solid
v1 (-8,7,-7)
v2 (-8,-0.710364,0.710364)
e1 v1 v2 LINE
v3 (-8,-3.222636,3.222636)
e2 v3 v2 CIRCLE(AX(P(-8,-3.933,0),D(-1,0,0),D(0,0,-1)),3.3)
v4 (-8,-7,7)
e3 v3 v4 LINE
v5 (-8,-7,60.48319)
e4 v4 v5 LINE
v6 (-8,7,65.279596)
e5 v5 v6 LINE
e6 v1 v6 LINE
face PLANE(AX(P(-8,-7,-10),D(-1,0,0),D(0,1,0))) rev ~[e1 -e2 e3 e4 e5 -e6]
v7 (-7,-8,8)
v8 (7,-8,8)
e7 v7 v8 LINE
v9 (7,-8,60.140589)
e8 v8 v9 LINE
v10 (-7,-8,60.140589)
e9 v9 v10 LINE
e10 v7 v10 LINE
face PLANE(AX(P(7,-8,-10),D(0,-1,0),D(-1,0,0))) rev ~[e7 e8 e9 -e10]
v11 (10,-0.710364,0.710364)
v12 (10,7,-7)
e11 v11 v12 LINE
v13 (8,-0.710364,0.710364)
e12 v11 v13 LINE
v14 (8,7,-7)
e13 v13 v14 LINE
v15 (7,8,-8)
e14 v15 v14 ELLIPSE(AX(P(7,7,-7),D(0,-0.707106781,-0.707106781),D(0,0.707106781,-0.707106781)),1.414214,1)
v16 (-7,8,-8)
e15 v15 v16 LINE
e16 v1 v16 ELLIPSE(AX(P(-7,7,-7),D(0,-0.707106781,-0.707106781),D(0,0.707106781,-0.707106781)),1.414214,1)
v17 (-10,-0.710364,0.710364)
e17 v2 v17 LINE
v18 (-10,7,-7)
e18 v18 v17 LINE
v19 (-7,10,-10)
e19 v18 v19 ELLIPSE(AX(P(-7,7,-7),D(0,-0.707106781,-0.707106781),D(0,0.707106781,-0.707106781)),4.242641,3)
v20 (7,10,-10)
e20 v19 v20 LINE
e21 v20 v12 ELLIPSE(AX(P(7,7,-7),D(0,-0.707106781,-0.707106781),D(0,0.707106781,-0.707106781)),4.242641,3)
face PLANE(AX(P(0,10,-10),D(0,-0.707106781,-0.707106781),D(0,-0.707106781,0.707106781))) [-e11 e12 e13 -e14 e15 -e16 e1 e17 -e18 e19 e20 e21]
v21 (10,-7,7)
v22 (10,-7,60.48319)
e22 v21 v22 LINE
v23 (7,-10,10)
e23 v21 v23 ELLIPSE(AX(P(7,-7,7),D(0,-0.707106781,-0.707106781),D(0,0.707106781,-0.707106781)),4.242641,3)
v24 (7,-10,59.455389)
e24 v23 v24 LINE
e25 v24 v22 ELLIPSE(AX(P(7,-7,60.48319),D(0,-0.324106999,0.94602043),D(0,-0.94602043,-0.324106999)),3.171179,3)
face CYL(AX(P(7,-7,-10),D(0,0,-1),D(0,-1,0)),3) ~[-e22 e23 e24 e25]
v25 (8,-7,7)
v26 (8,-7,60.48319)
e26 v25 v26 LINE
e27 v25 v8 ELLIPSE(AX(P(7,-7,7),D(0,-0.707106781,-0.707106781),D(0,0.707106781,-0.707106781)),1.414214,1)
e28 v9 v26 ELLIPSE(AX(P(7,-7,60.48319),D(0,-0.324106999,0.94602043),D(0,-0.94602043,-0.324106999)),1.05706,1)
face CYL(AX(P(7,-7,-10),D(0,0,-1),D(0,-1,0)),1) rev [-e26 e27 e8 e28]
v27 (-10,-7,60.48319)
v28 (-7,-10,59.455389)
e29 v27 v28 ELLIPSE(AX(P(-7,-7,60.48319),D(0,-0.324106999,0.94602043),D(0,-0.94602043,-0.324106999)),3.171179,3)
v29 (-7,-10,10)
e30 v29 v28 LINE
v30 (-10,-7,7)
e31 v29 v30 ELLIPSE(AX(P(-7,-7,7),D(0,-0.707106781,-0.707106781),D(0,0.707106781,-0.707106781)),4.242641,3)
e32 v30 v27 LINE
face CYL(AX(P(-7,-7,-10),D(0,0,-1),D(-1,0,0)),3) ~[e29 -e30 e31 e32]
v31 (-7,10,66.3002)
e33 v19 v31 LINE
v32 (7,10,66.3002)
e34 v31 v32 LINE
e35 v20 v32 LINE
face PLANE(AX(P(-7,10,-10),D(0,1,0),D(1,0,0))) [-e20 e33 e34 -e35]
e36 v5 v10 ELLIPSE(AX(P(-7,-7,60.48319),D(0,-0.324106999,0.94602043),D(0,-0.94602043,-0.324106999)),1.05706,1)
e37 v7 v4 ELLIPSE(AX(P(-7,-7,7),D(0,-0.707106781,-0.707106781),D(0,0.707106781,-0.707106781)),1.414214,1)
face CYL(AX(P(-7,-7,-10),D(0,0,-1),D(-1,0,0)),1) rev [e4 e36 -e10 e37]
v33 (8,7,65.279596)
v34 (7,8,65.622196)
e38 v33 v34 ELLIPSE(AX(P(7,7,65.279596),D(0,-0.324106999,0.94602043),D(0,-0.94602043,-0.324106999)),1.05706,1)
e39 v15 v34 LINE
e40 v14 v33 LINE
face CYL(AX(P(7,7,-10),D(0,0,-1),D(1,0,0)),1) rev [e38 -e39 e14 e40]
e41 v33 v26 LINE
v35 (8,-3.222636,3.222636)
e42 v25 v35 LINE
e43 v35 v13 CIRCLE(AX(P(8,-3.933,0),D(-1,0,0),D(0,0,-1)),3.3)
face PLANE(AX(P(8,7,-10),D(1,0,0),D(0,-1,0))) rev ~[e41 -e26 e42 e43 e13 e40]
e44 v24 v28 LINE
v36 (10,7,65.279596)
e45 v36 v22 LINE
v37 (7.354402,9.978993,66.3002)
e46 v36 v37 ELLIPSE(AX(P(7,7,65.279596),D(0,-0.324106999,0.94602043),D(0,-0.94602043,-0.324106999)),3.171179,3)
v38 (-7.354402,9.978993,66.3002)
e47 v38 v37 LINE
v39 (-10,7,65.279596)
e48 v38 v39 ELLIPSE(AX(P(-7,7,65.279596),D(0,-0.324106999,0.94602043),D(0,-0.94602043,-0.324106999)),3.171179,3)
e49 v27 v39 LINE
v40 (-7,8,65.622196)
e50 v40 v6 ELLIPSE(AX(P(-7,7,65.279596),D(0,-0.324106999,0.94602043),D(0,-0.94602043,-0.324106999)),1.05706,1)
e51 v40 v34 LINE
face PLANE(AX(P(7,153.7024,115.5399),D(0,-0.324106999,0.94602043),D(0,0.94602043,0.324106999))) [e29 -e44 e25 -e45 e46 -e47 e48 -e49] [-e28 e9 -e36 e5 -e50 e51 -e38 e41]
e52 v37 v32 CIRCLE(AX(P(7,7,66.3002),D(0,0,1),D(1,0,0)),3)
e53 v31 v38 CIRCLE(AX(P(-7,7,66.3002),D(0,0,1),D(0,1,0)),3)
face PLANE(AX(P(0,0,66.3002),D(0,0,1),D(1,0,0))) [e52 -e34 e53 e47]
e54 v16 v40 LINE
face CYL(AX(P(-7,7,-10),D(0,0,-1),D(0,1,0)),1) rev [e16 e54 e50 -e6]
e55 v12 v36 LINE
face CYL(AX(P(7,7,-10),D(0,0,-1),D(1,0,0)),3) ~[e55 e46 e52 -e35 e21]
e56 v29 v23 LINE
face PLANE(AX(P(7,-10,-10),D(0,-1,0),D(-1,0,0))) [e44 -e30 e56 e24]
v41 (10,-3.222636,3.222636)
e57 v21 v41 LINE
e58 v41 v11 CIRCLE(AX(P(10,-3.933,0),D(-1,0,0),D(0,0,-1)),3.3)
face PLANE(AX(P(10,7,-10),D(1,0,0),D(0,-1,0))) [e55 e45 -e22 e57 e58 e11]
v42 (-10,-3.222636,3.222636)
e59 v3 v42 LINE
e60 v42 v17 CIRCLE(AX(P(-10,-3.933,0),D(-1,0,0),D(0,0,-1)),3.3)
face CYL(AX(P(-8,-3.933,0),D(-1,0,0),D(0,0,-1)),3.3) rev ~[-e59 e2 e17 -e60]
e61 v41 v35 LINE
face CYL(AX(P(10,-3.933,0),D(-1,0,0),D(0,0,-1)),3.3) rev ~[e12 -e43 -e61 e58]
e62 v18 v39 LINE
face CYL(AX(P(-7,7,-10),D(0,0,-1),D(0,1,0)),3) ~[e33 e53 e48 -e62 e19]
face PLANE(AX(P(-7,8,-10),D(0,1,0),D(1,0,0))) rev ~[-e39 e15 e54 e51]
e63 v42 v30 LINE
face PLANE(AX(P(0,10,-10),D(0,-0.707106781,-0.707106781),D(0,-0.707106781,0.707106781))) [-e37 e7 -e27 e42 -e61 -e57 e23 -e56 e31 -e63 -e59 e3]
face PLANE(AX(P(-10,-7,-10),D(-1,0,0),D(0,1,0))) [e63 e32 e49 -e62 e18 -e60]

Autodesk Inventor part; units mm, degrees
ref_plane "Start Plane" through (0, 0, -10) normal (0, 0, 1) x (1, 0, 0)
ref_plane "End Plane" through (0, 0, 66.3002) normal (0, 0, 1) x (1, 0, 0)
sketch "Sketch" plane through (0, 0, 0) normal (0, 0, 1) x (1, 0, 0)
  line L0 (-10, -7) -> (-10, 7)
  line L1 (-7, 10) -> (7, 10)
  line L2 (10, 7) -> (10, -7)
  line L3 (7, -10) -> (-7, -10)
  arc A0 (-10, -7) -> (-7, -10) centre (-7, -7) ccw
  arc A1 (-7, 10) -> (-10, 7) centre (-7, 7) ccw
  arc A2 (10, 7) -> (7, 10) centre (7, 7) ccw
  arc A3 (7, -10) -> (10, -7) centre (7, -7) ccw
  arc A4 (-7, 8) -> (-8, 7) centre (-7, 7) ccw
  line L4 (-7, 8) -> (7, 8)
  arc A5 (8, 7) -> (7, 8) centre (7, 7) ccw
  line L5 (8, 7) -> (8, -7)
  arc A6 (7, -8) -> (8, -7) centre (7, -7) ccw
  line L6 (7, -8) -> (-7, -8)
  arc A7 (-8, -7) -> (-7, -8) centre (-7, -7) ccw
  line L7 (-8, -7) -> (-8, 7)
  line L8 (0, 14.8698) -> (0, -14.8698) construction
  line L9 (-14.8698, 0) -> (14.8698, 0) construction
  dimension "d7" = 3
  dimension "d10" = 20
  dimension "d11" = 20
  dimension "d12" = 2
  dimension "d15" = 10
  dimension "d16" = 10
extrude "Body" add sketch "Sketch" along normal up to surface (76.3002 mm away) from surface at -10
sketch "Sketch3" plane through (0, 0, 0) normal (0, 0, 1) x (1, 0, 0)
  line L0 (0, 0) -> (10, 0)
ref_plane "Work Plane3" through (0, 0, 0) normal (0, -1, 0) x (1, 0, 0)
sketch "Sketch4" plane through (0, 0, 0) normal (0, -1, 0) x (1, 0, 0)
  line L0 (-2, -10) -> (12, -10)
  line L1 (-2, 66.3002) -> (12, 66.3002)
  dimension "d18" = 76.3002
ref_plane "Work Plane4" through (7, 153.7024, 115.5399) normal (0, -0.3241, 0.946) x (1, 0, 0)
split "Split1" plane through (7, 153.7024, 115.5399) removes the side toward (0, -0.3241, 0.946)
ref_plane "Work Plane6" through (0, 10, -10) normal (0, -0.7071, -0.7071) x (1, 0, 0)
split "Split3" plane through (0, 10, -10) removes the side toward (0, -0.7071, -0.7071)
sketch "Sketch6" plane through (10, 7, 65.2722) normal (1, 0, 0) x (0, 0, -1)
  point P0 (65.2722, -10.933)
hole "Hole2" at (10, -3.933, 0) direction (-1, 0, 0) diameter 6.6 depth 2
sketch "Sketch7" plane through (-8, 7, 65.2722) normal (1, 0, 0) x (0, 0, -1)
  point P0 (65.2722, -10.933)
hole "Hole3" at (-8, -3.933, 0) direction (-1, 0, 0) diameter 6.6 end through all
equation "\"d7\" = G_IR"
equation "\"d10\" = G_H"
equation "\"d11\" = G_W"
equation "\"d12\" = G_T"
equation "\"d15\" = 0.5 * d10"
equation "\"d16\" = 0.5 * d11"
equation "\"d3\" = G_L"
equation "\"G_W\" = 20"
equation "\"G_H\" = 20"
equation "\"G_T\" = 2"
equation "\"G_IR\" = 3"
equation "\"G_L\" = d18"
equation "\"G_OFFSET_END\" = -7.14425"
equation "\"d14\" = G_OFFSET_END + B_L"
equation "\"B_L\" = 73.44444"
properties part number "ISO 12633-2 - 20x20x2 - 76,3" material "Steel, Mild"
